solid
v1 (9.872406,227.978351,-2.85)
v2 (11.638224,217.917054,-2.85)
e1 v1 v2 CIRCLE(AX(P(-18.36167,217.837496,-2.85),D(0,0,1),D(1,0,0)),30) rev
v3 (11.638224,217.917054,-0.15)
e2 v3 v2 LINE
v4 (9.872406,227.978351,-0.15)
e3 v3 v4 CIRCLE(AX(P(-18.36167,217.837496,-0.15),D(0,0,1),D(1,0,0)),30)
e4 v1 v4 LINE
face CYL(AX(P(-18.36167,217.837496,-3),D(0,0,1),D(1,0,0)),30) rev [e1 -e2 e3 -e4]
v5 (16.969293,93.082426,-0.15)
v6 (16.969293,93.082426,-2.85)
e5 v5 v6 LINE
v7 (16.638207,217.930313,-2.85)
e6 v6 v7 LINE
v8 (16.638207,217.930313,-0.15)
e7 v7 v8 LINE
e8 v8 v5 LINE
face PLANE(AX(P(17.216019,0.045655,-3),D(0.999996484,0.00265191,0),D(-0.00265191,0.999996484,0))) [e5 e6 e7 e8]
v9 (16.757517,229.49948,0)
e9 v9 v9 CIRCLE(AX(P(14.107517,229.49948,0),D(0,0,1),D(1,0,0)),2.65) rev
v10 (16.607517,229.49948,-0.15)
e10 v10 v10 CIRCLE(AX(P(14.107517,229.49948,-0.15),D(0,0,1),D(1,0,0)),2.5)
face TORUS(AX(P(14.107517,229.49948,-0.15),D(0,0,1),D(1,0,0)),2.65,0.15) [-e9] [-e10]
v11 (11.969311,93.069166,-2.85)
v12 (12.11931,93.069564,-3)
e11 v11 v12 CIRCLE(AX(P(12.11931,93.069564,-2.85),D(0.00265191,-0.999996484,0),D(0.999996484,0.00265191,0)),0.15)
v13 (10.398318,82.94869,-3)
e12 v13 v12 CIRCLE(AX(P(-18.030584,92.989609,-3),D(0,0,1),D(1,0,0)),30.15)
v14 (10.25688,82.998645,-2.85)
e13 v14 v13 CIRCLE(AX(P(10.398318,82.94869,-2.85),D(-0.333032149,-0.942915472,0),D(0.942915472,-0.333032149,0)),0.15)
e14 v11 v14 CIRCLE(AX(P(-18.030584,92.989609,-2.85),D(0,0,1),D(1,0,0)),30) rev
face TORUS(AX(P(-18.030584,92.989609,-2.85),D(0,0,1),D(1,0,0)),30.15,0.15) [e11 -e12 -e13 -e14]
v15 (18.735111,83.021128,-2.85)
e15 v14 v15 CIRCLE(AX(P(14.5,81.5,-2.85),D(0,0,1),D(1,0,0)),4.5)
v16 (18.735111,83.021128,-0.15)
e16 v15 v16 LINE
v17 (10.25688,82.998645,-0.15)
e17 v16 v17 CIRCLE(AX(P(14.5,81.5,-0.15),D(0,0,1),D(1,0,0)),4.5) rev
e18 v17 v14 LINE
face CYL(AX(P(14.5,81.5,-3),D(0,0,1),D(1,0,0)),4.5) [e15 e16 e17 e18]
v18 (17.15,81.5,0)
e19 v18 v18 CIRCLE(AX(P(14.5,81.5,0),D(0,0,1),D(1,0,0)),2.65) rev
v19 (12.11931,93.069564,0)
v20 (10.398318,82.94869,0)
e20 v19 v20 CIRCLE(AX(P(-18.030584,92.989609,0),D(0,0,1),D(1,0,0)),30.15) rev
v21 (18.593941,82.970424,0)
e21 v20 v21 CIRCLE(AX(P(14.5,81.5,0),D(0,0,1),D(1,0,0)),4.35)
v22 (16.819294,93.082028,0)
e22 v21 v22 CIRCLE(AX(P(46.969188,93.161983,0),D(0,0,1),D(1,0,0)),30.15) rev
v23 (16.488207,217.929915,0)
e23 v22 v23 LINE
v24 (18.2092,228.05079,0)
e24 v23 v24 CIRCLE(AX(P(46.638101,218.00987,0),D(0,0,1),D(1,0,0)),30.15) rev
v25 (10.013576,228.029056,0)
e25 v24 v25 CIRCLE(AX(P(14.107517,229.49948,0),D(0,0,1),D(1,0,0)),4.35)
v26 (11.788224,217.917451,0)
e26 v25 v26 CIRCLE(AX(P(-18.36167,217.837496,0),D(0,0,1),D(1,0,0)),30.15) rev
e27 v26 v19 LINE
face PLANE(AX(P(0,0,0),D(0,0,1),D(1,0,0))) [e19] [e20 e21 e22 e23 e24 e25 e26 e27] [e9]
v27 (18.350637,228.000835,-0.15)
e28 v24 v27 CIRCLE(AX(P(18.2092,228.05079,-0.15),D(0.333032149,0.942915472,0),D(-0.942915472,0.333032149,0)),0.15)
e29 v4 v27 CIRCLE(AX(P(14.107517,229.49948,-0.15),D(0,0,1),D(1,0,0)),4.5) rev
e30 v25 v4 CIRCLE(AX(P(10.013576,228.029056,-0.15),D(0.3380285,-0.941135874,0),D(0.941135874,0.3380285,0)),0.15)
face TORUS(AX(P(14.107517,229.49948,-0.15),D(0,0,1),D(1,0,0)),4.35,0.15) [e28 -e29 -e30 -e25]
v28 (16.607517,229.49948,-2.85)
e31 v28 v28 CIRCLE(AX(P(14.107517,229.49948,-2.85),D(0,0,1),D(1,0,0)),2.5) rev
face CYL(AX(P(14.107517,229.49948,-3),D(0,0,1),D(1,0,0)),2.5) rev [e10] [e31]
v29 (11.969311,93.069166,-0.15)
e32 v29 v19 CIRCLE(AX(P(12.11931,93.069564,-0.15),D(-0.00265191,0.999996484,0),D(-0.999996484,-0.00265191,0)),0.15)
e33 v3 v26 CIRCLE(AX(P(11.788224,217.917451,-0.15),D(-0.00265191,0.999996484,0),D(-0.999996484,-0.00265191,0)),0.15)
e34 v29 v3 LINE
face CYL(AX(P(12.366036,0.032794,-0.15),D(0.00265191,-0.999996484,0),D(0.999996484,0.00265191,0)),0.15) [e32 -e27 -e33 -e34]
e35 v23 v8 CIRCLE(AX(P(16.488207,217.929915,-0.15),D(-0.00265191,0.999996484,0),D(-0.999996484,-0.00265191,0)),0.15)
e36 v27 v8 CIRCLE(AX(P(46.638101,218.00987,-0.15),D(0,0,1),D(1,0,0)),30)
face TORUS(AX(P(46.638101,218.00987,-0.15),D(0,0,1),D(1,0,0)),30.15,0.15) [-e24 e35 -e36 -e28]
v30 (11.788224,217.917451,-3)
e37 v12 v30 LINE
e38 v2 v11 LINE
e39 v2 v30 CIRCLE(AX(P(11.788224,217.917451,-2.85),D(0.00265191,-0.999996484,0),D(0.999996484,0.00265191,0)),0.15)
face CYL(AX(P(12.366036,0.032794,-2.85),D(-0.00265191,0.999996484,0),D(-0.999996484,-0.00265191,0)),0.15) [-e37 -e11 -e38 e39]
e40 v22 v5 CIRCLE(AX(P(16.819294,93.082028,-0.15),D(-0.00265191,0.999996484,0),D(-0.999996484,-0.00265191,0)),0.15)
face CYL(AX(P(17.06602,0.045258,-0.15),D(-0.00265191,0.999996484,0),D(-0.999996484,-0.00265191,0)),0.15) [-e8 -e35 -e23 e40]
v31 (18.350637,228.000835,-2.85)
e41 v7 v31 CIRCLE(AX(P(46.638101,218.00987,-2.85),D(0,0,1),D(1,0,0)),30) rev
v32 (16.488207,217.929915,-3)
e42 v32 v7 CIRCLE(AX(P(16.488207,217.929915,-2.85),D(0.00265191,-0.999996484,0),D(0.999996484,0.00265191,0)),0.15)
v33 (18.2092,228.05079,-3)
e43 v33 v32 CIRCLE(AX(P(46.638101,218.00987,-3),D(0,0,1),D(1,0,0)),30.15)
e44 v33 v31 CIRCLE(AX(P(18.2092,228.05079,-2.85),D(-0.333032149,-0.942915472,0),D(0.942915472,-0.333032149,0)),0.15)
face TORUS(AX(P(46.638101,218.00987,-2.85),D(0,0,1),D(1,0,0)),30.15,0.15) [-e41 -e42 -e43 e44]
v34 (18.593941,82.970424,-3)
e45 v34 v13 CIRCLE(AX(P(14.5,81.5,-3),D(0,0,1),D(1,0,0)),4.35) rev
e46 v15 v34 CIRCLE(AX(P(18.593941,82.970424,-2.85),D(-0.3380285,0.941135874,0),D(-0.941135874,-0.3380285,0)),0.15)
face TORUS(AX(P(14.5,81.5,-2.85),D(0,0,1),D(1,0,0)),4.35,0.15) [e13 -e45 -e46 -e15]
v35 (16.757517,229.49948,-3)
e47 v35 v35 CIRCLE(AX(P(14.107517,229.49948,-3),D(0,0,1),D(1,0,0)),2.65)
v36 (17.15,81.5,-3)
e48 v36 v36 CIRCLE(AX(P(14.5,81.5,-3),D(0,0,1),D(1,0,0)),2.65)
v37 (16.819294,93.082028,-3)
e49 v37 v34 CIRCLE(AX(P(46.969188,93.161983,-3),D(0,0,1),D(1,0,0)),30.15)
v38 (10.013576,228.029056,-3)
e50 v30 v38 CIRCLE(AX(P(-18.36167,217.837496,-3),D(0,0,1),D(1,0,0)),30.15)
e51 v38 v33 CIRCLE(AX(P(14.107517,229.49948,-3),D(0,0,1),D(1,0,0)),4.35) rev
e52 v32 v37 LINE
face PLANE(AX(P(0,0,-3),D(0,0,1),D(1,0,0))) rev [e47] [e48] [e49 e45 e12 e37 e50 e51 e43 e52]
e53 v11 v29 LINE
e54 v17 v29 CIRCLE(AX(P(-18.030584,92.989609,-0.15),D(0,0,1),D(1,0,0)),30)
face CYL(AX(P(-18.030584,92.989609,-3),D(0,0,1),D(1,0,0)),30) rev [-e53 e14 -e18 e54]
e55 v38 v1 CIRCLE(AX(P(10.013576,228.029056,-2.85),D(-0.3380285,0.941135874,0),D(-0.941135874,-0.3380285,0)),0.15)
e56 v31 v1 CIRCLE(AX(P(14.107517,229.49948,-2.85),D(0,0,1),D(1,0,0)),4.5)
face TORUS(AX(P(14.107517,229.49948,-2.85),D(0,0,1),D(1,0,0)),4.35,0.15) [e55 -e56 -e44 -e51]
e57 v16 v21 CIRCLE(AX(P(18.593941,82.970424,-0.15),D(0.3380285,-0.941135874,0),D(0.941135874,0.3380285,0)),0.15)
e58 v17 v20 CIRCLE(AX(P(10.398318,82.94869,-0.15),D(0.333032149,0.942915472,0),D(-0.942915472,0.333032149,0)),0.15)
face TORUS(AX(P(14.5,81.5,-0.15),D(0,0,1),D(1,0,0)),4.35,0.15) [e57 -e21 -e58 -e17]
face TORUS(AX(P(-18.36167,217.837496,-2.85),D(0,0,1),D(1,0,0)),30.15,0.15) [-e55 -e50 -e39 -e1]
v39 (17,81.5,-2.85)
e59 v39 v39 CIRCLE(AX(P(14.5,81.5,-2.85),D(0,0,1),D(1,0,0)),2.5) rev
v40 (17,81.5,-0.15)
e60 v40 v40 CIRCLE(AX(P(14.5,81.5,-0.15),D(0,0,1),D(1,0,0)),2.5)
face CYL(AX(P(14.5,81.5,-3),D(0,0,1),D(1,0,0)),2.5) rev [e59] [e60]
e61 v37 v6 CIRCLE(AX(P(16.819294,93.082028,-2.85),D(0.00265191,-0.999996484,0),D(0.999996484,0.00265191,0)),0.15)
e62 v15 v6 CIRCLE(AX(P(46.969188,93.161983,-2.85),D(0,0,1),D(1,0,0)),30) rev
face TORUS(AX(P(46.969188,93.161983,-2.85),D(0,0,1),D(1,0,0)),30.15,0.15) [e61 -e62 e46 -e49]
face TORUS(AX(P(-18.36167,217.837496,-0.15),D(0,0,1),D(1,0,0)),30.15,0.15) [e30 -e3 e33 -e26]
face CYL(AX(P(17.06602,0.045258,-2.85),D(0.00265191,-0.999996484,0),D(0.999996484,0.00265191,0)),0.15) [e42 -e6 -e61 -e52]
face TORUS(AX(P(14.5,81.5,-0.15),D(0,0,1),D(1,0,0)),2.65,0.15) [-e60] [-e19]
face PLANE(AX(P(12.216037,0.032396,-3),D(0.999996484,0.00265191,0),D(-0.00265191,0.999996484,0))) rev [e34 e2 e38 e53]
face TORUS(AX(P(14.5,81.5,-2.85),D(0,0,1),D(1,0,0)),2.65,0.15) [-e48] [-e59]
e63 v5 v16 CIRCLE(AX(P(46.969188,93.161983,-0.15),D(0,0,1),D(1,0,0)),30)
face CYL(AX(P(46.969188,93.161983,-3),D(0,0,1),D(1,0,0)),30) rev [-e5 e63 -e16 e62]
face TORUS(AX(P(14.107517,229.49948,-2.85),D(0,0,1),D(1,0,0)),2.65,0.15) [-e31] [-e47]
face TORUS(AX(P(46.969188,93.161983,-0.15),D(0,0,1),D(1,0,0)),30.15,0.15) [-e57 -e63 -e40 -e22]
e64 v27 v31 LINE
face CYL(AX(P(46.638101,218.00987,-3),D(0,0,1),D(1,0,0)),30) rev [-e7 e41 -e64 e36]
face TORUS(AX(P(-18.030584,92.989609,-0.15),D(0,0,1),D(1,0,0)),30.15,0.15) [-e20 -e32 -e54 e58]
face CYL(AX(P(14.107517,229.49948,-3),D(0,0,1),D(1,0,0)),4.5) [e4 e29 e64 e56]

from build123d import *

# Parameters (mm, degrees)
BOSS_EXTRUDE1_DEPTH = 3
FILLET1_R           = 30
FILLET2_R           = 0.15


with BuildPart() as part:
    # Sketch1 → Boss-Extrude1 (new body)
    with BuildSketch(Plane.XY):
        with BuildLine():
            ThreePointArc((18.60751735, 229.499479574), (11.980936647, 233.465290274), (11.617448679, 225.75120557))
            Line((11.617448679, 225.75120557), (11.607526141, 229.4928498))
            ThreePointArc((11.607526141, 229.4928498), (14.100887576, 231.999470783), (16.60750856, 229.506109348))
            Line((16.60750856, 229.506109348), (16.617431097, 225.764465118))
            ThreePointArc((16.617431097, 225.764465118), (18.078953606, 227.38342332), (18.60751735, 229.499479574))
        make_face()
        with BuildLine():
            Line((11.617448679, 225.75120557), (11.990086237, 85.235014445))
            ThreePointArc((11.990086237, 85.235014445), (14.48806639, 85.999984166), (16.990068655, 85.248273993))
            Line((16.990068655, 85.248273993), (16.617431097, 225.764465118))
            ThreePointArc((16.617431097, 225.764465118), (14.119450944, 224.999495398), (11.617448679, 225.75120557))
        make_face()
        with BuildLine():
            Line((11.607526141, 229.4928498), (11.617448679, 225.75120557))
            ThreePointArc((11.617448679, 225.75120557), (14.119450944, 224.999495398), (16.617431097, 225.764465118))
            Line((16.617431097, 225.764465118), (16.60750856, 229.506109348))
            ThreePointArc((16.60750856, 229.506109348), (14.114147125, 226.999488365), (11.607526141, 229.4928498))
        make_face()
        with BuildLine():
            Line((11.990086237, 85.235014445), (12.000008774, 81.493370215))
            ThreePointArc((12.000008774, 81.493370215), (14.493370209, 83.999991198), (16.999991193, 81.506629763))
            Line((16.999991193, 81.506629763), (16.990068655, 85.248273993))
            ThreePointArc((16.990068655, 85.248273993), (14.48806639, 85.999984166), (11.990086237, 85.235014445))
        make_face()
        with BuildLine():
            ThreePointArc((16.999991193, 81.506629763), (14.506629758, 79.00000878), (12.000008774, 81.493370215))
            Line((12.000008774, 81.493370215), (11.990086237, 85.235014445))
            ThreePointArc((11.990086237, 85.235014445), (12.383943729, 77.528563734), (18.999999983, 81.499999989))
            ThreePointArc((18.999999983, 81.499999989), (18.465810684, 83.626580693), (16.990068655, 85.248273993))
            Line((16.990068655, 85.248273993), (16.999991193, 81.506629763))
        make_face()
    extrude(amount=-BOSS_EXTRUDE1_DEPTH)

    # Fillet1
    fillet1_edges = [part.edges().sort_by_distance(p)[0] for p in [
        (11.617448679, 225.75120557, -1.5),
        (16.617431097, 225.764465118, -1.5),
        (16.990068655, 85.248273993, -1.5),
        (11.990086237, 85.235014445, -1.5),
    ]]
    fillet(fillet1_edges, radius=FILLET1_R)

    # Fillet2
    fillet2_edges = [part.edges().sort_by_distance(p)[0] for p in [
        (13.73974947, 77.064684988, 0),
        (11.607526141, 229.4928498, -3),
        (13.73974947, 77.064684988, -3),
        (16.803749876, 155.506369556, 0),
        (16.803749876, 155.506369556, -3),
        (11.803767458, 155.493110007, 0),
        (11.803767458, 155.493110007, -3),
        (16.999991193, 81.506629763, -3),
        (14.095583757, 233.999463751, 0),
        (14.095583757, 233.999463751, -3),
        (17.420816024, 87.97606622, 0),
        (17.420816024, 87.97606622, -3),
        (11.54487726, 87.960483706, 0),
        (11.54487726, 87.960483706, -3),
        (11.18670131, 223.023413344, 0),
        (11.18670131, 223.023413344, -3),
        (17.062640073, 223.038995857, 0),
        (17.062640073, 223.038995857, -3),
        (16.999991193, 81.506629763, 0),
        (11.607526141, 229.4928498, 0),
    ]]
    fillet(fillet2_edges, radius=FILLET2_R)


solid = part.part
